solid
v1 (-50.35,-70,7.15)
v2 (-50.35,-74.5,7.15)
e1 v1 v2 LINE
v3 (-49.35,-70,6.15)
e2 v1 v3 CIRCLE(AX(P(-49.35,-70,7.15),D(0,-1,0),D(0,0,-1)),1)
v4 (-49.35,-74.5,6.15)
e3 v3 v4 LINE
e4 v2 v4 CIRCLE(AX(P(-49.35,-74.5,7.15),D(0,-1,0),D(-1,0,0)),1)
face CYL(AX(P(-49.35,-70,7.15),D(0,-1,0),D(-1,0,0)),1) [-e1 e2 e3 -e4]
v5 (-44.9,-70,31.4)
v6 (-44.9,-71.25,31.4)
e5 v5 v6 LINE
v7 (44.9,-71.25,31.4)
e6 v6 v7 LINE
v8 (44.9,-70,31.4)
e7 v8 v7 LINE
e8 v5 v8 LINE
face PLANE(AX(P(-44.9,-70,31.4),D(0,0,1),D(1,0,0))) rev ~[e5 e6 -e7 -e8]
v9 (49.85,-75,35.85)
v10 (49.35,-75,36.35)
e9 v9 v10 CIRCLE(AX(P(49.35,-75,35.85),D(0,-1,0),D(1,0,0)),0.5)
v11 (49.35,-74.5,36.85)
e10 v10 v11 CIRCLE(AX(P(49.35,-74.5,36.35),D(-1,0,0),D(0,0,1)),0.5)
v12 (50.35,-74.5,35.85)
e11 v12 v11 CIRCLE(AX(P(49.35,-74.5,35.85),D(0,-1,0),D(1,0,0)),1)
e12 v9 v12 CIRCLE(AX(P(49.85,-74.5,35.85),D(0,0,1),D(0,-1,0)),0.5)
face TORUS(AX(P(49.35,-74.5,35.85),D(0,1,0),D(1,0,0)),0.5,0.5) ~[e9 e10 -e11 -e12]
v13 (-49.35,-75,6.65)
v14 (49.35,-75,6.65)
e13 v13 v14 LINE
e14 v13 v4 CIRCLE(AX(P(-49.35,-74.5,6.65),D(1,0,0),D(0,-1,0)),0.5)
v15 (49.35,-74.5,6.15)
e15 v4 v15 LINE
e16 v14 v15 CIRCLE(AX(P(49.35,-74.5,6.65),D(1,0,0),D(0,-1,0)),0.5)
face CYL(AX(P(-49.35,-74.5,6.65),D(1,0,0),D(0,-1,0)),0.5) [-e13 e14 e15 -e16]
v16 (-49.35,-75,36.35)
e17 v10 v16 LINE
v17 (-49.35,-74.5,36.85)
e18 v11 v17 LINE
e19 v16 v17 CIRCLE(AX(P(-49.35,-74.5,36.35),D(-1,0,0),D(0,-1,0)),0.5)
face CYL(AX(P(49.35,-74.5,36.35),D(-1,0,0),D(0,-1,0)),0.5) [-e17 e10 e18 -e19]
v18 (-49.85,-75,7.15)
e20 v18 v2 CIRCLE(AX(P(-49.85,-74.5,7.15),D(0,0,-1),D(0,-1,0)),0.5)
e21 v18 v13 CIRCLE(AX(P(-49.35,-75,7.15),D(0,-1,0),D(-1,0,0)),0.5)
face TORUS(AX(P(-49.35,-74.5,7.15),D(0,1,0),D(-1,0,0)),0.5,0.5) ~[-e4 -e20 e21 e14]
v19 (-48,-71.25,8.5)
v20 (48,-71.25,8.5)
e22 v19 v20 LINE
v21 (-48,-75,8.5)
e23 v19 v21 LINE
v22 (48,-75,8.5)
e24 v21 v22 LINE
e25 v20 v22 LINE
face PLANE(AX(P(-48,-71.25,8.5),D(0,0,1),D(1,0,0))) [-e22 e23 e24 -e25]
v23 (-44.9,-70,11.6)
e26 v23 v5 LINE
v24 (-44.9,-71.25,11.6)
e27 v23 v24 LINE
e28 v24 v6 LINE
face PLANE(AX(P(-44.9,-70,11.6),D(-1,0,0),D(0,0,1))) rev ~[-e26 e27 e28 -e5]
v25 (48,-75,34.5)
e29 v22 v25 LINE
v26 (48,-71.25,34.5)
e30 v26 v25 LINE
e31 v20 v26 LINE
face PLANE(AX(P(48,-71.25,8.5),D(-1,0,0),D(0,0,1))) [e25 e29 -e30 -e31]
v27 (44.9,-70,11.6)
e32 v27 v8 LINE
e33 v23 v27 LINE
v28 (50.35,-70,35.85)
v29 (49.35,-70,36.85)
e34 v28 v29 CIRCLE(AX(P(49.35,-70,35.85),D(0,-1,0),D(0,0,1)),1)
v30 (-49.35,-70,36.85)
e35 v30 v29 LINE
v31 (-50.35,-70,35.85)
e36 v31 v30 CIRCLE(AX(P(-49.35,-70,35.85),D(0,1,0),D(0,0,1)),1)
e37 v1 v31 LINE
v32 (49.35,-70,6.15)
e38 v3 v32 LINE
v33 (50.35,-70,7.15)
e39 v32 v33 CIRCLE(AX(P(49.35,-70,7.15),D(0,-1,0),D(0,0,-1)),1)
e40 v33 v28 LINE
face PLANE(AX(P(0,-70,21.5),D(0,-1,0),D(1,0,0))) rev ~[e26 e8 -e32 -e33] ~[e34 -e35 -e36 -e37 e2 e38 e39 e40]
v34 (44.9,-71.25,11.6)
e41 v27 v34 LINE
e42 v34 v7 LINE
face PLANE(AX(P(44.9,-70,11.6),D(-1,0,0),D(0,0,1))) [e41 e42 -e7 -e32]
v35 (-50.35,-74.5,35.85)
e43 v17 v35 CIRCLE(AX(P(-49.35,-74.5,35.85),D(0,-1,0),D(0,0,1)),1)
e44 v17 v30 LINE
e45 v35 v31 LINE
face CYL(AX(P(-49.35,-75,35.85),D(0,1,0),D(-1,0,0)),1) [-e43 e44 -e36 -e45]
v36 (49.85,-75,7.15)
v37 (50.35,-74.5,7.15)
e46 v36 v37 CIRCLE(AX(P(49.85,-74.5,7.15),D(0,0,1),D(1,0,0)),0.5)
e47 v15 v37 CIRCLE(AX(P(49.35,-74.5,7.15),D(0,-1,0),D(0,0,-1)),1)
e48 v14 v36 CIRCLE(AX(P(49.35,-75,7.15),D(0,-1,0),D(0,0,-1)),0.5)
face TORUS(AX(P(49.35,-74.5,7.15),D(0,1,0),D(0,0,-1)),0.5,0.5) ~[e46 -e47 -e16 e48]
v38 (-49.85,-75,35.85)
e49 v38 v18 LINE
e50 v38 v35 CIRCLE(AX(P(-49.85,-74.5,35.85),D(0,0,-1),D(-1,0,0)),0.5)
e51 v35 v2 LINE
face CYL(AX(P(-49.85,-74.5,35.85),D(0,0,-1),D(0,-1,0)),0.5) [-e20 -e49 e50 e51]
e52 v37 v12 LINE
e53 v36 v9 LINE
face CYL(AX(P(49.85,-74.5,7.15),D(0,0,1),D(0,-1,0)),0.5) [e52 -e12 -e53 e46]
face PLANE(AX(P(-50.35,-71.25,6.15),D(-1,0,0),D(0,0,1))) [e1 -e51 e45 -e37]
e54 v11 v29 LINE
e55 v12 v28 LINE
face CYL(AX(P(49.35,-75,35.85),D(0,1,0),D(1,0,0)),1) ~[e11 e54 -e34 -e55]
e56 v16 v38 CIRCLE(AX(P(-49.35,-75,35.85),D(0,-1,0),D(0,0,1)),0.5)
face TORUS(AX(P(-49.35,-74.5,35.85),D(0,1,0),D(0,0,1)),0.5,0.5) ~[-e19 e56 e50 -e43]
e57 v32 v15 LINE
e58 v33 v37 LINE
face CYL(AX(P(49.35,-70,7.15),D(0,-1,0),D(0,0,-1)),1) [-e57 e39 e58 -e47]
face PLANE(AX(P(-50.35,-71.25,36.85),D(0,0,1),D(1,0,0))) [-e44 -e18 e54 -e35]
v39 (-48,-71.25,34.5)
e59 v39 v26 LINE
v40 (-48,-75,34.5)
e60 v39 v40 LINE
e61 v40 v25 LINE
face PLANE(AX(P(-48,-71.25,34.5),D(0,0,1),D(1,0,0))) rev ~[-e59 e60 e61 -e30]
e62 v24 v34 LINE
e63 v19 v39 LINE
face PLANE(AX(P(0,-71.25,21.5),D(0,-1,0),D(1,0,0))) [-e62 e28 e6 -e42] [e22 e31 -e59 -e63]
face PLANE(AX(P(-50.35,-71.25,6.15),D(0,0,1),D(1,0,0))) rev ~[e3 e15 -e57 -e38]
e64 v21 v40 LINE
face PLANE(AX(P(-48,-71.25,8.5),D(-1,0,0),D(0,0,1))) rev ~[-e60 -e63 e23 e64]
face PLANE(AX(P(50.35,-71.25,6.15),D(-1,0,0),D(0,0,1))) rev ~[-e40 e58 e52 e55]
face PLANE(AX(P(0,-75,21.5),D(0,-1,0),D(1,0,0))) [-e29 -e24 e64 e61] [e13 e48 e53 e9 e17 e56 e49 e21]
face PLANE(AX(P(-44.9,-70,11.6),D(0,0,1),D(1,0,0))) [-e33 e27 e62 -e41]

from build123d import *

# Parameters (mm, degrees)
SKETCH051_W   = 100.7
SKETCH051_H   = 30.7
SKETCH051_W_2 = 89.8
SKETCH051_H_2 = 19.8
PAD022_DEPTH  = 1.25
SKETCH052_W   = 100.7
SKETCH052_H   = 30.7
SKETCH052_W_2 = 96
SKETCH052_H_2 = 26
PAD023_DEPTH  = 3.75
FILLET_R      = 1
FILLET005_R   = 0.5


with BuildPart() as part:
    # Sketch051 → Pad022 (new body)
    with BuildSketch(Plane.XZ):
        with Locations((0, 21.5)):
            Rectangle(SKETCH051_W, SKETCH051_H)
        with Locations((0, 21.5)):
            Rectangle(SKETCH051_W_2, SKETCH051_H_2, mode=Mode.SUBTRACT)
    extrude(amount=PAD022_DEPTH)

    # Sketch052 (on Face10 of Pad022) → Pad023 (join)
    with BuildSketch(Plane.XZ.offset(1.25)):
        with Locations((0, 21.5)):
            Rectangle(SKETCH052_W, SKETCH052_H)
        with Locations((0, 21.5)):
            Rectangle(SKETCH052_W_2, SKETCH052_H_2, mode=Mode.SUBTRACT)
    extrude(amount=PAD023_DEPTH)

    # Fillet
    fillet_edges = [part.edges().sort_by_distance(p)[0] for p in [
        (-50.35, -3.125, 36.85),
        (-50.35, -3.125, 6.15),
        (50.35, -3.125, 36.85),
        (50.35, -3.125, 6.15),
    ]]
    fillet(fillet_edges, radius=FILLET_R)

    # Fillet005
    fillet005_edges = [part.edges().sort_by_distance(p)[0] for p in [
        (0, -5, 6.15),
    ]]
    fillet(fillet005_edges, radius=FILLET005_R)


with BuildPart() as part_1:
    # Body011 placement: moved
    add(part.part.moved(Location((0, -70, 0))))


solid = part_1.part
